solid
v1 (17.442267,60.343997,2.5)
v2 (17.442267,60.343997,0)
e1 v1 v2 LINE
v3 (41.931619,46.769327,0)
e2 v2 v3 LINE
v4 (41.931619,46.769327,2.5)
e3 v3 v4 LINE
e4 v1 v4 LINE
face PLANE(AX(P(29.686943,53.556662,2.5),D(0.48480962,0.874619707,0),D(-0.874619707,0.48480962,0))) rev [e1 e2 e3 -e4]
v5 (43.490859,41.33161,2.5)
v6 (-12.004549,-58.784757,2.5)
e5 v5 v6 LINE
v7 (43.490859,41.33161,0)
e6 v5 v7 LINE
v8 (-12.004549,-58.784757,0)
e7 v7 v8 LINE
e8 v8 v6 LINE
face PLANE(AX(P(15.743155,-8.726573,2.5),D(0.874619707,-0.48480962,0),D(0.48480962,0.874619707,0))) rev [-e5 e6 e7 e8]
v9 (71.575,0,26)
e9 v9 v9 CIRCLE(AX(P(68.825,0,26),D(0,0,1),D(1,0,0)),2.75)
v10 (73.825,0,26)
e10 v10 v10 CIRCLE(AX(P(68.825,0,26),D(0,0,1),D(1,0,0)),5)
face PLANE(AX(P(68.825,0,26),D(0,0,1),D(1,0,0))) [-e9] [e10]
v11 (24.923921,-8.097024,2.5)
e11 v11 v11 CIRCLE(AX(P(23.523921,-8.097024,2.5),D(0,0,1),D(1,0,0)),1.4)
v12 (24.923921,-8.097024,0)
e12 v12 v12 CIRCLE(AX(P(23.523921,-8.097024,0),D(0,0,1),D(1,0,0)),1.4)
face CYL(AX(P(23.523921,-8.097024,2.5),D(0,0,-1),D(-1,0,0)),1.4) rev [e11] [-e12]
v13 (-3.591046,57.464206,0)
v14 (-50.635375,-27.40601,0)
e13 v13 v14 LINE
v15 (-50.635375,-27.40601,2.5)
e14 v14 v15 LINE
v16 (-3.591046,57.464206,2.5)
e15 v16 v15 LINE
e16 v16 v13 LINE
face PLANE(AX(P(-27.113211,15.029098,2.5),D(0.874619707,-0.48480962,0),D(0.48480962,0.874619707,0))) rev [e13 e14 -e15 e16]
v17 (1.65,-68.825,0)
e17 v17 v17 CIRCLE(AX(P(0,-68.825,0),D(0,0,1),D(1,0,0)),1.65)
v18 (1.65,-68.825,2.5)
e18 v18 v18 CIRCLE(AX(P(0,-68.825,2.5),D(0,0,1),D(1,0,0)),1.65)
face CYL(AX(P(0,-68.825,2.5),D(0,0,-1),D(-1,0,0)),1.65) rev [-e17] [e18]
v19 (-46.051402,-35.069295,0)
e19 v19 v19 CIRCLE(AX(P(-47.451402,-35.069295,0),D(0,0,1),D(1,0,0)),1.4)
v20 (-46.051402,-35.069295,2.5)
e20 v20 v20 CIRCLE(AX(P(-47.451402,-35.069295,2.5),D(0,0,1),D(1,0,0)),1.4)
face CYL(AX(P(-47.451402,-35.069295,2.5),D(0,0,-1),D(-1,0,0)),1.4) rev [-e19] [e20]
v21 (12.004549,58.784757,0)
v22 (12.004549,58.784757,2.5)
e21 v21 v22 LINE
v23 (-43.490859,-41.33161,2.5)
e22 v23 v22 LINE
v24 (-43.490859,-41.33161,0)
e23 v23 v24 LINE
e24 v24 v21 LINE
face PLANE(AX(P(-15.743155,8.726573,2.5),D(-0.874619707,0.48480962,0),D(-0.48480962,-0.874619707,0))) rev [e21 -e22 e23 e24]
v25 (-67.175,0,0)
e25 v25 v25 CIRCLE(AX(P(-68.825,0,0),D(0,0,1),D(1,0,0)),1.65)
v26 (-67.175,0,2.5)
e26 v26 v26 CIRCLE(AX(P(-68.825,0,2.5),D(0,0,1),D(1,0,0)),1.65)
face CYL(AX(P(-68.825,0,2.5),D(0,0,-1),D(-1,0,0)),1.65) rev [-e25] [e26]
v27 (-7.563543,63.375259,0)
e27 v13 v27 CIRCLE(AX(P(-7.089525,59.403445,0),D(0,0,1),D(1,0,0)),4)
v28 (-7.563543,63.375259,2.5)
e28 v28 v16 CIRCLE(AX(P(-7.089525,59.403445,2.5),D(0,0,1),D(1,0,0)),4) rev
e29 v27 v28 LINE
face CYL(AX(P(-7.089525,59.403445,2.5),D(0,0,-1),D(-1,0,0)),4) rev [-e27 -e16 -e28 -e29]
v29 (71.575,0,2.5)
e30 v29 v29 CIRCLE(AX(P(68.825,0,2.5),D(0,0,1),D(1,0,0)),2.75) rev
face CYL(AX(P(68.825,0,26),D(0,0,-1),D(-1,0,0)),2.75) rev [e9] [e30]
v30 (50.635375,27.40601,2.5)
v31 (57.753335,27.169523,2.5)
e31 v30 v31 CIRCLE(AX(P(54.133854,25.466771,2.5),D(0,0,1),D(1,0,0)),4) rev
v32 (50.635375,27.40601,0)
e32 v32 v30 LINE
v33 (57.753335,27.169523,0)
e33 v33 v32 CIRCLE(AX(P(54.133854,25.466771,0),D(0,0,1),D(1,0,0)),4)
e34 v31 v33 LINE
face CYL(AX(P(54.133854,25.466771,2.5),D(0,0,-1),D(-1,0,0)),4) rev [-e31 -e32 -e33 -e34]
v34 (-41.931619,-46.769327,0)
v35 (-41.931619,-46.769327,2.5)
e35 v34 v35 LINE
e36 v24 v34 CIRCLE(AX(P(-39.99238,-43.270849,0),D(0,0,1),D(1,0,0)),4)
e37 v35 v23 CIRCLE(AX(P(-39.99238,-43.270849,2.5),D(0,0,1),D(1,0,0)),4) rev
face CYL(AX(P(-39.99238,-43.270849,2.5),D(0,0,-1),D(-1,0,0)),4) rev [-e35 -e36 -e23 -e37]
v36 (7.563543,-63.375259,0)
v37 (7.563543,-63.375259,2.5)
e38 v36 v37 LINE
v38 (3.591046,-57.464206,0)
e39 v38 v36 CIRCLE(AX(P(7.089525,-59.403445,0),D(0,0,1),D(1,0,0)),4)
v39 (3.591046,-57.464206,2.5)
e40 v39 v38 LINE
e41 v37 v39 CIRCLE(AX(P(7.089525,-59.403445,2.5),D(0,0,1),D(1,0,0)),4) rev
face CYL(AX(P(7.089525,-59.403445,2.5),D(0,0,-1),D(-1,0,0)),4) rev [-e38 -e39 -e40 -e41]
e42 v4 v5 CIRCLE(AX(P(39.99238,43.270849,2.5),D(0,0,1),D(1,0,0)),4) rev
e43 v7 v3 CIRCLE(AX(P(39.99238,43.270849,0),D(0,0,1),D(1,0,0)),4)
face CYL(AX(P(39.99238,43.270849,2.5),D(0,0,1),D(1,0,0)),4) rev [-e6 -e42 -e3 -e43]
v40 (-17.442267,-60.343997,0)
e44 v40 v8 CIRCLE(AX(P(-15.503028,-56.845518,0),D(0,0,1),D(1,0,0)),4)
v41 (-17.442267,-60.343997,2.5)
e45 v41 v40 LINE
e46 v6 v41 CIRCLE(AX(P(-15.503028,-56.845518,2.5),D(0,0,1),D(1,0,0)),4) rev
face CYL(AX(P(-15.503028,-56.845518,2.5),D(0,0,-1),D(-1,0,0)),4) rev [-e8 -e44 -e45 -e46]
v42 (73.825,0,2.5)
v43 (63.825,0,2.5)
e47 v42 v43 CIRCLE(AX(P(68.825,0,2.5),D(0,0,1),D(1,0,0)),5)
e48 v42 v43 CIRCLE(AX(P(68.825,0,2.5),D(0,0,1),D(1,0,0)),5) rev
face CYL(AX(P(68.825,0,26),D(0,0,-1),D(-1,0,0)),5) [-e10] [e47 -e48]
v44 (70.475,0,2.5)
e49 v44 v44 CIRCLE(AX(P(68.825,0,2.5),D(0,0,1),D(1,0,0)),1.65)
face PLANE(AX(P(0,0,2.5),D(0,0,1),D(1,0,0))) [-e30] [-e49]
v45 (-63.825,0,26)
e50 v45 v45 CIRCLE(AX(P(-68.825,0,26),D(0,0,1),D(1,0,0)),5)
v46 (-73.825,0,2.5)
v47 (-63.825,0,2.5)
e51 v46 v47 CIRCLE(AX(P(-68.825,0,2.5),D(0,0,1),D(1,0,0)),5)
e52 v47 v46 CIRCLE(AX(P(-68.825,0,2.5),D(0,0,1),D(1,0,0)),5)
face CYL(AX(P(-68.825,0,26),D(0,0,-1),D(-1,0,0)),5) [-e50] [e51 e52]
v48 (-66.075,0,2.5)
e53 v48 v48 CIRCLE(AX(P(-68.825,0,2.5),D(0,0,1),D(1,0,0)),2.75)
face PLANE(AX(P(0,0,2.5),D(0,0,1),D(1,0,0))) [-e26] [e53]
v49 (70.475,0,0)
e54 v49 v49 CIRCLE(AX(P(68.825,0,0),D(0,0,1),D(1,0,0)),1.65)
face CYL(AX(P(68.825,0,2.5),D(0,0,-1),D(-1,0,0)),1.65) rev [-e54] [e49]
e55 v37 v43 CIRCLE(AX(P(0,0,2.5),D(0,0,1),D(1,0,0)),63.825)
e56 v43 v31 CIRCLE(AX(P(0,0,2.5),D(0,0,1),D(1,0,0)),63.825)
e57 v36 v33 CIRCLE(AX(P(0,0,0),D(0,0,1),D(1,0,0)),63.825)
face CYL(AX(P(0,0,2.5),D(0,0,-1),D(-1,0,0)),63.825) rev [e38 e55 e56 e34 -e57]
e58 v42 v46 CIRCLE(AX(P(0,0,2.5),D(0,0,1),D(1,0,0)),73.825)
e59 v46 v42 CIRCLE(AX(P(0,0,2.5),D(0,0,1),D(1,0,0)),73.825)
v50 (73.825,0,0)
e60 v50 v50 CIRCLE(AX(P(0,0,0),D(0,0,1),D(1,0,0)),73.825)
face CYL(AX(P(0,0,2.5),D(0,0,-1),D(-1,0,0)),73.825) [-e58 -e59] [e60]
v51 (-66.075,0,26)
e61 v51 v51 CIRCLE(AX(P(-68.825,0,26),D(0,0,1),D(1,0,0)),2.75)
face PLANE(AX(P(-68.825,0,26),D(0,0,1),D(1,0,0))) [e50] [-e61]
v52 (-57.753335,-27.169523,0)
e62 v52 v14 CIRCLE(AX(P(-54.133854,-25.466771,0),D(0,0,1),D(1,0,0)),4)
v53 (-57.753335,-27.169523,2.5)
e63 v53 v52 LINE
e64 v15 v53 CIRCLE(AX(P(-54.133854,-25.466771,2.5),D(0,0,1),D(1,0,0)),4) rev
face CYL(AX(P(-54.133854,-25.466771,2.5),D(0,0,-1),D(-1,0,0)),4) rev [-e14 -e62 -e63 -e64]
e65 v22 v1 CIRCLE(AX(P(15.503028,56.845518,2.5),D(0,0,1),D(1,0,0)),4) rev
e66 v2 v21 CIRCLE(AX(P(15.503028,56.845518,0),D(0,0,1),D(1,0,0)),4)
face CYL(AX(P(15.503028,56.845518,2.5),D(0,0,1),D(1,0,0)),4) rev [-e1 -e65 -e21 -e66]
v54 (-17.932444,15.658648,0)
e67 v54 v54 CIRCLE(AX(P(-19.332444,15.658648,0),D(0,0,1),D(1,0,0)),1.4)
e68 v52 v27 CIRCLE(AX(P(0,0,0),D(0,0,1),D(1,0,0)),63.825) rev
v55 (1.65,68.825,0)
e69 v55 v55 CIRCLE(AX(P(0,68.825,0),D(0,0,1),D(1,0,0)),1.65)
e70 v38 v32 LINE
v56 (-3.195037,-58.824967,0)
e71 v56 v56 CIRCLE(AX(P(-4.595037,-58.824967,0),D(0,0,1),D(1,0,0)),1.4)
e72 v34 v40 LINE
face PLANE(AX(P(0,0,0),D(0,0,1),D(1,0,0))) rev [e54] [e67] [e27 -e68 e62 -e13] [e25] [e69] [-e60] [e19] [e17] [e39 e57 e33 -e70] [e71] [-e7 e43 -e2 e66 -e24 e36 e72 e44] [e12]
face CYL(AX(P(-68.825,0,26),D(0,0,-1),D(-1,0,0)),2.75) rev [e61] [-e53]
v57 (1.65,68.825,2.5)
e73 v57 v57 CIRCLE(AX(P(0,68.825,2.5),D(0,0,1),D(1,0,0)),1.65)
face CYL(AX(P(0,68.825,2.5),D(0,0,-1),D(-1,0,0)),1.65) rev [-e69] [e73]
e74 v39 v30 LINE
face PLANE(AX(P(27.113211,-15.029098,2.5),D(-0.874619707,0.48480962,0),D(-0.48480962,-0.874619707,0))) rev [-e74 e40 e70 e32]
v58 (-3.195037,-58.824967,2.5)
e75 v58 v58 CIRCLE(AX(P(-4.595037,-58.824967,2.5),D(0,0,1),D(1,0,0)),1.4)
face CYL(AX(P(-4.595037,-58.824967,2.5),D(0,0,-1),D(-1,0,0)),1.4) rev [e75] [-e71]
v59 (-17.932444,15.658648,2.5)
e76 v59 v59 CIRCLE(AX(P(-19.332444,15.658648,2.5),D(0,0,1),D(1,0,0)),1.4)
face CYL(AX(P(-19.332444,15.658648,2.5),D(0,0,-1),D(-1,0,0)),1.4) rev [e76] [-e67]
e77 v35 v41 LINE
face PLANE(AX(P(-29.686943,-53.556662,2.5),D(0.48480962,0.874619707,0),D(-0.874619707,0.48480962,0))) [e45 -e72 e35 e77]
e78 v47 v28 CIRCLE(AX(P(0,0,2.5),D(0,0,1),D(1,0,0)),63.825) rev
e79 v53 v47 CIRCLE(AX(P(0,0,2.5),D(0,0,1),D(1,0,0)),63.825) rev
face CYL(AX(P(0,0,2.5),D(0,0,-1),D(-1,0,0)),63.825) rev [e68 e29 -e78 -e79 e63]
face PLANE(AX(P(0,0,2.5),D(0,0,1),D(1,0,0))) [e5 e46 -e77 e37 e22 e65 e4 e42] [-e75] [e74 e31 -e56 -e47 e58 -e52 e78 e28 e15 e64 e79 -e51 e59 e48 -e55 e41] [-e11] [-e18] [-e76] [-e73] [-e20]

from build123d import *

# Parameters (mm, degrees)
SKETCH1_R           = 73.825
SKETCH1_R_2         = 1.65
SKETCH1_R_3         = 1.4
BOSS_EXTRUDE1_DEPTH = 2.5
FILLET1_R           = 4
SKETCH2_R           = 5
SKETCH2_R_2         = 2.75
BOSS_EXTRUDE2_DEPTH = 23.5


with BuildPart() as part:
    # Sketch1 → Boss-Extrude1 (new body)
    with BuildSketch(Plane.XY):
        Circle(SKETCH1_R)
        with Locations((0, 68.825)):
            Circle(SKETCH1_R_2, mode=Mode.SUBTRACT)
        with Locations((68.825, 0)):
            Circle(SKETCH1_R_2, mode=Mode.SUBTRACT)
        with Locations((0, -68.825)):
            Circle(SKETCH1_R_2, mode=Mode.SUBTRACT)
        with Locations((-68.825, 0)):
            Circle(SKETCH1_R_2, mode=Mode.SUBTRACT)
        with Locations((-4.595036818, -58.824966678)):
            Circle(SKETCH1_R_3, mode=Mode.SUBTRACT)
        with Locations((-47.451402468, -35.069295286)):
            Circle(SKETCH1_R_3, mode=Mode.SUBTRACT)
        with Locations((-19.332444494, 15.658647728)):
            Circle(SKETCH1_R_3, mode=Mode.SUBTRACT)
        with Locations((23.523921156, -8.097023664)):
            Circle(SKETCH1_R_3, mode=Mode.SUBTRACT)
        with BuildLine():
            Line((-0.065219366, 63.824966678), (-54.161202477, -33.766770223))
            ThreePointArc((-54.161202477, -33.766770223), (-55.822602808, 30.942974012), (-0.065219366, 63.824966678))
        make_face(mode=Mode.SUBTRACT)
        with BuildLine():
            Line((0.065219366, -63.824966678), (54.161202477, 33.766770223))
            ThreePointArc((54.161202477, 33.766770223), (55.822602808, -30.942974012), (0.065219366, -63.824966678))
        make_face(mode=Mode.SUBTRACT)
        Polygon((-45.430097338, -44.830089012), (13.943787881, 62.283235341), (45.430097338, 44.830089012), (-13.943787881, -62.283235341), align=None, mode=Mode.SUBTRACT)
    extrude(amount=BOSS_EXTRUDE1_DEPTH)

    # Fillet1
    fillet1_edges = [part.edges().sort_by_distance(p)[0] for p in [
        (-0.065219366, 63.824966678, 1.25),
        (-54.161202477, -33.766770223, 1.25),
        (-45.430097338, -44.830089012, 1.25),
        (-13.943787881, -62.283235341, 1.25),
        (45.430097338, 44.830089012, 1.25),
        (13.943787881, 62.283235341, 1.25),
        (54.161202477, 33.766770223, 1.25),
        (0.065219366, -63.824966678, 1.25),
    ]]
    fillet(fillet1_edges, radius=FILLET1_R)

    # Sketch2 → Boss-Extrude2 (add)
    # profile 1 of 2: a face of its own
    with BuildSketch(Plane.XY.offset(2.5)):
        with Locations(Location((-68.825, 0, 0), (0, 0, 179.99962476))):
            Circle(SKETCH2_R)
        with Locations((-68.825, 0)):
            Circle(SKETCH2_R_2, mode=Mode.SUBTRACT)
    # profile 2 of 2: a face of its own
    with BuildSketch(Plane.XY.offset(2.5)):
        with Locations(Location((68.825, 0, 0), (0, 0, 179.999650978))):
            Circle(SKETCH2_R)
        with Locations((68.825, 0)):
            Circle(SKETCH2_R_2, mode=Mode.SUBTRACT)
    extrude(amount=BOSS_EXTRUDE2_DEPTH)


solid = part.part
